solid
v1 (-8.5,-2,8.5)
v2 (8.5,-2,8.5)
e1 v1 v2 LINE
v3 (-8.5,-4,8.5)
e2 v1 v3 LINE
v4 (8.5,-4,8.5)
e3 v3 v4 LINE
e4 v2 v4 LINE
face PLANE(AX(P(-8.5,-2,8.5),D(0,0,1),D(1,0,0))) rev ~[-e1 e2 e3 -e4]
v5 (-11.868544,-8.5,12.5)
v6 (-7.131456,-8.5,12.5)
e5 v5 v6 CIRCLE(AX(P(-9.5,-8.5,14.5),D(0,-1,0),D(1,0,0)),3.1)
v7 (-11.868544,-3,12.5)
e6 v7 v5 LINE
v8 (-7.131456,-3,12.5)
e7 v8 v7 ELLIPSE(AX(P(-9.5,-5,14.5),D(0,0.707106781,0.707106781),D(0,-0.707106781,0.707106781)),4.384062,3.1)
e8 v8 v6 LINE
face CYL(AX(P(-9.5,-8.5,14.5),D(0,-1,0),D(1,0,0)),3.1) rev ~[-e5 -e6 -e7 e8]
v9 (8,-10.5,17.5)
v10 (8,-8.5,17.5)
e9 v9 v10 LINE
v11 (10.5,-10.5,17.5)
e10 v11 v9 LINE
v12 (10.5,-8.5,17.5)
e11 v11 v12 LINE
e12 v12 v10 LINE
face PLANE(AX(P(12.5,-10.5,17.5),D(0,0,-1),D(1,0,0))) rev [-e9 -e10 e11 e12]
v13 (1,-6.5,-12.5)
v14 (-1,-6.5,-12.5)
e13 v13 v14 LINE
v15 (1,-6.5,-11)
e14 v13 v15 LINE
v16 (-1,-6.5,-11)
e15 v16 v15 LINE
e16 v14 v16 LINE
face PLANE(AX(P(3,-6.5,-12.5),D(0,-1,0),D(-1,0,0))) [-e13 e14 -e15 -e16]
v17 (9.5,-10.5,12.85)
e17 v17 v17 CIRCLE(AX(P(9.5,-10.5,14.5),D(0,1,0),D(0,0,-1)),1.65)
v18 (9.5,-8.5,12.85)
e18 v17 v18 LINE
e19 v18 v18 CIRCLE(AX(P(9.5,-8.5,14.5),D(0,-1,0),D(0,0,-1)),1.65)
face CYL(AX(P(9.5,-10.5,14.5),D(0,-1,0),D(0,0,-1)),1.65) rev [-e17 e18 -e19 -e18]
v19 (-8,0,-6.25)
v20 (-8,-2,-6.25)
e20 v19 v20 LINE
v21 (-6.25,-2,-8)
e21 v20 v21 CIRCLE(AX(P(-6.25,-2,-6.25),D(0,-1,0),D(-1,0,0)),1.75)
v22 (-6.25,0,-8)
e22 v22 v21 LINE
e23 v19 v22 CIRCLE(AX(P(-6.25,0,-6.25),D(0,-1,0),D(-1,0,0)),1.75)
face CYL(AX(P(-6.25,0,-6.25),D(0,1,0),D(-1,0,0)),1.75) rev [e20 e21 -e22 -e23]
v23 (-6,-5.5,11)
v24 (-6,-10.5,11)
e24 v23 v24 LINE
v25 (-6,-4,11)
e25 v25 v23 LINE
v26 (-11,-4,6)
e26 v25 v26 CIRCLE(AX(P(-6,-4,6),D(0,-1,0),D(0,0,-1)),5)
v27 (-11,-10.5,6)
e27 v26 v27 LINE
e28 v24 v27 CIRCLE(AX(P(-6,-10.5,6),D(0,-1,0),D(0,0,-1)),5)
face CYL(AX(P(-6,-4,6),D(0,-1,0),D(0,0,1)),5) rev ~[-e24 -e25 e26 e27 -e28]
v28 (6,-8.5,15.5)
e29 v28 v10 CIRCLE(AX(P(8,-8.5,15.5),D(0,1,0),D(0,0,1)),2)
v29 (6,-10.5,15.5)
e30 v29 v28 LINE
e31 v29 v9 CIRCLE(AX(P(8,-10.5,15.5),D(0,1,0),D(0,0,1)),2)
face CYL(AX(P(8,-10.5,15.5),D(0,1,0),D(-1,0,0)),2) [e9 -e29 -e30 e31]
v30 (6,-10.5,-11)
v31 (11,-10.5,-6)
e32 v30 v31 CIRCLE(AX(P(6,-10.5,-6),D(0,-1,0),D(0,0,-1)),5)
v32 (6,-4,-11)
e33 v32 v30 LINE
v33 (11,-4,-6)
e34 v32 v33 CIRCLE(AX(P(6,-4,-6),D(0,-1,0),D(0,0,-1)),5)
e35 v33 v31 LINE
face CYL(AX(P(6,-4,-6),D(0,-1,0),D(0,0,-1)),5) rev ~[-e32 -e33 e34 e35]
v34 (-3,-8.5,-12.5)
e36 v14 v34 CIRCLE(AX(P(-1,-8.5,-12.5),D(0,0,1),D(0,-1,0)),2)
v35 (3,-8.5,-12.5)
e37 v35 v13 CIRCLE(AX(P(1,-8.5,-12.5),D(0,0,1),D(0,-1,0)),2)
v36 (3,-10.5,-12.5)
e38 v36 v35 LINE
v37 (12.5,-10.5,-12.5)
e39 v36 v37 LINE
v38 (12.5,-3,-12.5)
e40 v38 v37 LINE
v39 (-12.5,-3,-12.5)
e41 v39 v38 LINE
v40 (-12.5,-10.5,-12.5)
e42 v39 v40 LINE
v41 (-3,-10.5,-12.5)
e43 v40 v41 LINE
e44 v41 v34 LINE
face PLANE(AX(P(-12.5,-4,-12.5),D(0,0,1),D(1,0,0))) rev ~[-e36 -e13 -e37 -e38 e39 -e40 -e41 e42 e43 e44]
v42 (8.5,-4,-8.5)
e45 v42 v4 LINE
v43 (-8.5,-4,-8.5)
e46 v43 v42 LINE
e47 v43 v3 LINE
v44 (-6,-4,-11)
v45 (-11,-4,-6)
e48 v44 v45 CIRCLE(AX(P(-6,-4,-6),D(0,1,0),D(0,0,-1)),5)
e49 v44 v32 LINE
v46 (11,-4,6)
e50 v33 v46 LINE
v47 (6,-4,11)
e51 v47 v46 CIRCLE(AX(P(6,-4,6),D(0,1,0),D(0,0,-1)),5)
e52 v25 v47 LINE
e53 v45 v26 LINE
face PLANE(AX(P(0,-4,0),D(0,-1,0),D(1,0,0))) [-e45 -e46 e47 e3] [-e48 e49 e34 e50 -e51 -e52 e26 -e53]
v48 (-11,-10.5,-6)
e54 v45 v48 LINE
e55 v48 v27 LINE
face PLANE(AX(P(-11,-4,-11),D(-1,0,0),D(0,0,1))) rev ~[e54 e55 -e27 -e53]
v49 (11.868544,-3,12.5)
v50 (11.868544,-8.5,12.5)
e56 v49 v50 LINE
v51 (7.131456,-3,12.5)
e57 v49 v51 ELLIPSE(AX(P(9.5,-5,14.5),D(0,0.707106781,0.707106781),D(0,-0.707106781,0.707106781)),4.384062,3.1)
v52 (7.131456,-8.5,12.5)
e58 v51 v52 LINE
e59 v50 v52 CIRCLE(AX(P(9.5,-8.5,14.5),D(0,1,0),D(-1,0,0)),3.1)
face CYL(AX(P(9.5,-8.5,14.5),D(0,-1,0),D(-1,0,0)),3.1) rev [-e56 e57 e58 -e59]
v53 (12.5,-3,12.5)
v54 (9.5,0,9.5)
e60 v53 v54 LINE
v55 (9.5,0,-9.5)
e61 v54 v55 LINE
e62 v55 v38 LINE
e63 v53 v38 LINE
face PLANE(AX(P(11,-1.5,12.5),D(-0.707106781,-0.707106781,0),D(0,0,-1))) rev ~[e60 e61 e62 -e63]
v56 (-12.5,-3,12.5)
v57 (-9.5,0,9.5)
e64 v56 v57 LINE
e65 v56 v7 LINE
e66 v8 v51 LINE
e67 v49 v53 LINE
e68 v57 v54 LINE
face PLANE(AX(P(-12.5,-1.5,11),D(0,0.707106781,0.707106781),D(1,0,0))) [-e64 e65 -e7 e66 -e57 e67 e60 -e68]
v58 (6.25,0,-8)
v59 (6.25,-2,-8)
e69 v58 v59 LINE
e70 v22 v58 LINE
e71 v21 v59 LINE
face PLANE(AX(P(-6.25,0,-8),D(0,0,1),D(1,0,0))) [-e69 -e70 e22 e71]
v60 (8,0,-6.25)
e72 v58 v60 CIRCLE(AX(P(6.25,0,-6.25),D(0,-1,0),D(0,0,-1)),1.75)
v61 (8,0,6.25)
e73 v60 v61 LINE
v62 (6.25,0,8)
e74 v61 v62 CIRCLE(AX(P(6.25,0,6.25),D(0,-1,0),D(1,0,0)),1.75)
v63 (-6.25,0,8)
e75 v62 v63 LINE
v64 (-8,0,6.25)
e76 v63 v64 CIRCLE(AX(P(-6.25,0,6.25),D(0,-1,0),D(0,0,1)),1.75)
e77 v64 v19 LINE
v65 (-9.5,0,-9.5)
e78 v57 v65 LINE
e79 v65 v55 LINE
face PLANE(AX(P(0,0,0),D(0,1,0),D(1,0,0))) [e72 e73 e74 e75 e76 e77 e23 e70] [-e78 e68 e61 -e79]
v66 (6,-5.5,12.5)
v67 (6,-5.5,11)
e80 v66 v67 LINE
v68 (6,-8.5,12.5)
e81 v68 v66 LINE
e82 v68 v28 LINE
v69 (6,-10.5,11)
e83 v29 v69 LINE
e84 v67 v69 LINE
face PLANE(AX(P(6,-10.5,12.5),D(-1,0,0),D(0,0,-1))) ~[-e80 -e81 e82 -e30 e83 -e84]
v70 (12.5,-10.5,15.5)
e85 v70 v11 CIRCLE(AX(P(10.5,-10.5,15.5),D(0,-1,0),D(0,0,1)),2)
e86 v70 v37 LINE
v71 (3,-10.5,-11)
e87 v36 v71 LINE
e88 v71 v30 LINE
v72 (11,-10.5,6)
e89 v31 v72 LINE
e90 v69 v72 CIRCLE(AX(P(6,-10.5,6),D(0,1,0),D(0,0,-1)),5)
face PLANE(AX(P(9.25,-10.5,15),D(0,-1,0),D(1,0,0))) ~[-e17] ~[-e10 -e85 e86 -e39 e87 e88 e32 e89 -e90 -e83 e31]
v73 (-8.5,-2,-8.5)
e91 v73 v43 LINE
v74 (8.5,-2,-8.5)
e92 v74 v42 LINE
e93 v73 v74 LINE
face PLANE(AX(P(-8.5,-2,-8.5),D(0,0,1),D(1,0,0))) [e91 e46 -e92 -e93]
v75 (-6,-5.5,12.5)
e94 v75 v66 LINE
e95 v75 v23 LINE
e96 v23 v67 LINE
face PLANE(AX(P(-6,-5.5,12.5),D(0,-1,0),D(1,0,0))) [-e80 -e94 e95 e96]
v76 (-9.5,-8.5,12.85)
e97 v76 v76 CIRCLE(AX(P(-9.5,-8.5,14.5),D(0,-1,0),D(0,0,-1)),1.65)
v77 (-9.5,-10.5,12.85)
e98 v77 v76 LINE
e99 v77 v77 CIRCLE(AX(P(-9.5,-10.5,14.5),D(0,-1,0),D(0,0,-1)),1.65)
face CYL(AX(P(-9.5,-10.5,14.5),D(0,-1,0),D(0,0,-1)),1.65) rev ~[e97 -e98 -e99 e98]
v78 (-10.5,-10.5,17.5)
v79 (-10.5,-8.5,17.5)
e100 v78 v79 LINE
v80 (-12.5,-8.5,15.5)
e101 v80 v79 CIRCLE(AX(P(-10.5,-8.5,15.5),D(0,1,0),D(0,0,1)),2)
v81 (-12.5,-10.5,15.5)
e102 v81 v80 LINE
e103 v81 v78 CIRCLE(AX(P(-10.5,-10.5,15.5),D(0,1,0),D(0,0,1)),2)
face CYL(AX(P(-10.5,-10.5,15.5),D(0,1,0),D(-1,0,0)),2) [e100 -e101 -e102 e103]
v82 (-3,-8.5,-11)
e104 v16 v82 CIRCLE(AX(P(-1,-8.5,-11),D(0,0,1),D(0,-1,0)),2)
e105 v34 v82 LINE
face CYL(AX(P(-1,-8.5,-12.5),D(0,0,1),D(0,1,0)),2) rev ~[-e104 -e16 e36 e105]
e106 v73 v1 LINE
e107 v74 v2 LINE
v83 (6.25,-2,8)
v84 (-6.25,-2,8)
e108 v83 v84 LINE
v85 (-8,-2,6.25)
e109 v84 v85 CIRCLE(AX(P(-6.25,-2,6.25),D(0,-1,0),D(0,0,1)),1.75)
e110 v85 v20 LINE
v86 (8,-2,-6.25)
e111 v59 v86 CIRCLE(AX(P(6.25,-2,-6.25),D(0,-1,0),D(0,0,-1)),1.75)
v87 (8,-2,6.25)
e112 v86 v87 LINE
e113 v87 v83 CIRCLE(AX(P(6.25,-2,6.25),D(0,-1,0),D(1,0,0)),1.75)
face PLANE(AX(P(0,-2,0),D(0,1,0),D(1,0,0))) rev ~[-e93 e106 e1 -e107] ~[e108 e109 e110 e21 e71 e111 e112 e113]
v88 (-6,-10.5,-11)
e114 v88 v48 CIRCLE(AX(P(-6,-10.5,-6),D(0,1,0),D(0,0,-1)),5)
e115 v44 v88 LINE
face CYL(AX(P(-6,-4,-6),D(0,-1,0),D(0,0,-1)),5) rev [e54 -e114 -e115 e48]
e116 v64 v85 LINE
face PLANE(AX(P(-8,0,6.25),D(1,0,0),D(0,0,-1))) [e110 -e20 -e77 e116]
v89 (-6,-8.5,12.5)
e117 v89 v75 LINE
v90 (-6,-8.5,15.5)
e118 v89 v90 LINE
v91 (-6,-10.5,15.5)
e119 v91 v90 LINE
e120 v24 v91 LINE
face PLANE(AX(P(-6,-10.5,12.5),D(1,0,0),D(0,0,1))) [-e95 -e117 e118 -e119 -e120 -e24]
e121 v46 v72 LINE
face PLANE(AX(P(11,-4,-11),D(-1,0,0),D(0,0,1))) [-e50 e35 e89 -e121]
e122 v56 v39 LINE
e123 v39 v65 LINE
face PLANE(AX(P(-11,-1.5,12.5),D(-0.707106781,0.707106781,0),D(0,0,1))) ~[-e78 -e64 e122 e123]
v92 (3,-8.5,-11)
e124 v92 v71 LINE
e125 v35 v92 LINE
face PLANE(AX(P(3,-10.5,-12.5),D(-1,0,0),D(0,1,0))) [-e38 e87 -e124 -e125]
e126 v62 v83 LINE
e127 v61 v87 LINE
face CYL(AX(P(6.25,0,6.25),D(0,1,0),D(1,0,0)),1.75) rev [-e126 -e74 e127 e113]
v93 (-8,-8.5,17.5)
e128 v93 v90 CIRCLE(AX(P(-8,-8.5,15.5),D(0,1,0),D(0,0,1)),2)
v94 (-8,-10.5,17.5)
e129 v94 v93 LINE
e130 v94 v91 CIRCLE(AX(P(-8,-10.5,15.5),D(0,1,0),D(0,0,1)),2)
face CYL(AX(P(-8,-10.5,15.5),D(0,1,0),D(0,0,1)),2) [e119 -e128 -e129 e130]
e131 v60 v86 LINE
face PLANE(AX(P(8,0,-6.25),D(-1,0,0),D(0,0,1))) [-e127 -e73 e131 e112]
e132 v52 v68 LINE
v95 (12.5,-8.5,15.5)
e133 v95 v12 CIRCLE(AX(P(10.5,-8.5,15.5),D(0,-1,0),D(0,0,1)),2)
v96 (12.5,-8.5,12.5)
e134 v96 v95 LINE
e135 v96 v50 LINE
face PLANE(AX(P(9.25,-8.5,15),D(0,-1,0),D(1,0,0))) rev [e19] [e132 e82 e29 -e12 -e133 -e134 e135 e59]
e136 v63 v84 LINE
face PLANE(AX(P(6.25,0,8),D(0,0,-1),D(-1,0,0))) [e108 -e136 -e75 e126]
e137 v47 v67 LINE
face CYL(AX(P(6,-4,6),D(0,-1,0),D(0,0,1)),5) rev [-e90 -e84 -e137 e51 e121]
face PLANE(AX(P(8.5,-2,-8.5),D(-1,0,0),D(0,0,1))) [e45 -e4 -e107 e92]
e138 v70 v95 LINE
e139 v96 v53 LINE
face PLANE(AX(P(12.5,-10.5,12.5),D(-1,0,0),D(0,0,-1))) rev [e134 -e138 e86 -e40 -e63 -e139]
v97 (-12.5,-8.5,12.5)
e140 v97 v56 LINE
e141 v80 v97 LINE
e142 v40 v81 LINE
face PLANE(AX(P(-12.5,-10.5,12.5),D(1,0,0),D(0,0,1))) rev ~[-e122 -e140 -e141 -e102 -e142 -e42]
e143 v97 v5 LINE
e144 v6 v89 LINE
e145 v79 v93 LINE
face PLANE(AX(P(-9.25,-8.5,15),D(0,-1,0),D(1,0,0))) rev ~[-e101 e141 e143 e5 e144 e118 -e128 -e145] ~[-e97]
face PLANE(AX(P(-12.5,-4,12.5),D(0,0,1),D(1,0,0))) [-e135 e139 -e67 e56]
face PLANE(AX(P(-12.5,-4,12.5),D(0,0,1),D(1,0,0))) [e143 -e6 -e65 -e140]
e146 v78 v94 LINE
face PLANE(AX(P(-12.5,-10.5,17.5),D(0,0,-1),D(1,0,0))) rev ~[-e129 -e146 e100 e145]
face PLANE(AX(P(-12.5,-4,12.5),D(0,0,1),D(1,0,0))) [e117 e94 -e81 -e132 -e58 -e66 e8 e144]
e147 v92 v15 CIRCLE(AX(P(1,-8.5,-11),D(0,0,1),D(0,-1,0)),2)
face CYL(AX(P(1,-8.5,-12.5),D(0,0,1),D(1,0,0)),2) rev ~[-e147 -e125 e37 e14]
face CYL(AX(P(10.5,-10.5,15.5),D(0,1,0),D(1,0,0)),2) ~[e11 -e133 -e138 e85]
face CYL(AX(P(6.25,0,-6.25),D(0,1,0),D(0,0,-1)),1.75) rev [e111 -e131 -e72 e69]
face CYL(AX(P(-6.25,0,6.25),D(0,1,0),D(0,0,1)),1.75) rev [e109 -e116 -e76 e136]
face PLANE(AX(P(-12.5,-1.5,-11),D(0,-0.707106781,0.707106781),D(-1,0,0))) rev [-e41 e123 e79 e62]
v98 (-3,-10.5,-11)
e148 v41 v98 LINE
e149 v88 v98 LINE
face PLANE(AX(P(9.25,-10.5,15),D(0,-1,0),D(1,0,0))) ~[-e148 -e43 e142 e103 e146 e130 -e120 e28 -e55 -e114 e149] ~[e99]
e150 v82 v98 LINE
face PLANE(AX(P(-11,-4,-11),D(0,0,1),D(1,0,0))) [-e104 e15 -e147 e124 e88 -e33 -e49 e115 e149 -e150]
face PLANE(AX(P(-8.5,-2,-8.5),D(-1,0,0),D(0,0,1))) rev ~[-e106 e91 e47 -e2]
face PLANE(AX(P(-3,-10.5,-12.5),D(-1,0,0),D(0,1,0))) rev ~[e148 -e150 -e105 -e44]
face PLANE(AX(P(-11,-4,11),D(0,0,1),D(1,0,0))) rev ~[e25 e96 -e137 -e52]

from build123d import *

# Parameters (mm, degrees)
SZKIC1_W                    = 25
SZKIC1_H                    = 25
DODANIE_WYCI_GNI_CIE1_DEPTH = 2
SZKIC2_W                    = 25
SZKIC2_H                    = 25
SZKIC2_W_2                  = 17
SZKIC2_H_2                  = 17
DODANIE_WYCI_GNI_CIE2_DEPTH = 2
SZKIC3_W                    = 25
SZKIC3_H                    = 25
SZKIC3_W_2                  = 22
SZKIC3_H_2                  = 22
DODANIE_WYCI_GNI_CIE3_DEPTH = 6.5
SZKIC4_W                    = 12
SZKIC4_H                    = 5
WYTNIJ_WYCI_GNI_CIE1_DEPTH  = 1.5
SFAZOWANIE1_SIZE            = 3
SZKIC5_W                    = 6.5
SZKIC5_H                    = 5
DODANIE_WYCI_GNI_CIE4_DEPTH = 2
SZKIC8_R                    = 1.65
WYTNIJ_WYCI_GNI_CIE3_DEPTH  = 24.932195888
ZAOKR_GLENIE1_R             = 2
WYTNIJ_WYCI_GNI_CIE4_START  = -2
SZKIC9_R                    = 3.1
WYTNIJ_WYCI_GNI_CIE4_DEPTH  = 22.932195888
ZAOKR_GLENIE1_OF_LUSTRO1_R  = 2
SZKIC6_W                    = 6
SZKIC6_H                    = 4
WYTNIJ_WYCI_GNI_CIE2_DEPTH  = 10
ZAOKR_GLENIE4_R             = 2
ZAOKR_GLENIE5_R             = 5


with BuildPart() as part:
    # Szkic1 → Dodanie-wyciągnięcie1 (new body)
    with BuildSketch(Plane(origin=(0, 0, 0), x_dir=(1, 0, 0), z_dir=(0, 1, 0))):
        Rectangle(SZKIC1_W, SZKIC1_H)
        with BuildLine():
            Line((-6.25, 8), (6.25, 8))
            ThreePointArc((6.25, 8), (7.487436867, 7.487436867), (8, 6.25))
            Line((8, 6.25), (8, -6.25))
            ThreePointArc((8, -6.25), (7.487436867, -7.487436867), (6.25, -8))
            Line((6.25, -8), (-6.25, -8))
            ThreePointArc((-6.25, -8), (-7.487436867, -7.487436867), (-8, -6.25))
            Line((-8, -6.25), (-8, 6.25))
            ThreePointArc((-8, 6.25), (-7.487436867, 7.487436867), (-6.25, 8))
        make_face(mode=Mode.SUBTRACT)
    extrude(amount=-DODANIE_WYCI_GNI_CIE1_DEPTH)

    # Szkic2 → Dodanie-wyciągnięcie2 (add)
    with BuildSketch(Plane.XZ.offset(2)):
        Rectangle(SZKIC2_W, SZKIC2_H)
        Rectangle(SZKIC2_W_2, SZKIC2_H_2, mode=Mode.SUBTRACT)
    extrude(amount=DODANIE_WYCI_GNI_CIE2_DEPTH)

    # Szkic3 → Dodanie-wyciągnięcie3 (add)
    with BuildSketch(Plane.XZ.offset(4)):
        Rectangle(SZKIC3_W, SZKIC3_H)
        Rectangle(SZKIC3_W_2, SZKIC3_H_2, mode=Mode.SUBTRACT)
    extrude(amount=DODANIE_WYCI_GNI_CIE3_DEPTH)

    # Szkic4 → Wytnij-wyciągnięcie1 (cut)
    with BuildSketch(Plane.XY.offset(12.5)):
        with Locations((0, -8)):
            Rectangle(SZKIC4_W, SZKIC4_H)
    extrude(amount=-WYTNIJ_WYCI_GNI_CIE1_DEPTH, mode=Mode.SUBTRACT)

    # Sfazowanie1
    sfazowanie1_edges = [part.edges().sort_by_distance(p)[0] for p in [
        (0, 0, 12.5),
        (-12.5, 0, 0),
        (0, 0, -12.5),
        (12.5, 0, 0),
    ]]
    chamfer(sfazowanie1_edges, length=SFAZOWANIE1_SIZE)

    # Szkic5 → Dodanie-wyciągnięcie4 (add)
    with BuildSketch(Plane.XZ.offset(10.5)):
        with Locations((-9.25, 15)):
            Rectangle(SZKIC5_W, SZKIC5_H)
    dodanie_wyci_gni_cie4 = extrude(amount=-DODANIE_WYCI_GNI_CIE4_DEPTH)

    # Szkic8 → Wytnij-wyciągnięcie3 (cut, through all)
    with BuildSketch(Plane.XZ.offset(10.5)):
        with Locations(Location((-9.5, 14.5, 0), (0, 0, 270))):
            Circle(SZKIC8_R)
    wytnij_wyci_gni_cie3 = extrude(amount=-WYTNIJ_WYCI_GNI_CIE3_DEPTH, mode=Mode.SUBTRACT)

    # Zaokrąglenie1
    zaokr_glenie1_edges = [part.edges().sort_by_distance(p)[0] for p in [
        (-12.5, -9.5, 17.5),
        (-6, -9.5, 17.5),
    ]]
    fillet(zaokr_glenie1_edges, radius=ZAOKR_GLENIE1_R)

    # Szkic9 → Wytnij-wyciągnięcie4 (cut, through all)
    with BuildSketch(Plane.XZ.offset(10.5).offset(WYTNIJ_WYCI_GNI_CIE4_START)):
        with Locations((-9.5, 14.5)):
            Circle(SZKIC9_R)
    wytnij_wyci_gni_cie4 = extrude(amount=-WYTNIJ_WYCI_GNI_CIE4_DEPTH, mode=Mode.SUBTRACT)

    # Lustro1: Dodanie-wyciągnięcie4, Wytnij-wyciągnięcie3, Wytnij-wyciągnięcie4 across plane
    add(dodanie_wyci_gni_cie4.mirror(Plane(origin=(0, 0, 0), x_dir=(0, 0, 1), z_dir=(1, 0, 0))))
    add(wytnij_wyci_gni_cie3.mirror(Plane(origin=(0, 0, 0), x_dir=(0, 0, 1), z_dir=(1, 0, 0))), mode=Mode.SUBTRACT)
    add(wytnij_wyci_gni_cie4.mirror(Plane(origin=(0, 0, 0), x_dir=(0, 0, 1), z_dir=(1, 0, 0))), mode=Mode.SUBTRACT)

    # Zaokrąglenie1 of Lustro1
    zaokr_glenie1_of_lustro1_edges = [part.edges().sort_by_distance(p)[0] for p in [
        (12.5, -9.5, 17.5),
        (6, -9.5, 17.5),
    ]]
    fillet(zaokr_glenie1_of_lustro1_edges, radius=ZAOKR_GLENIE1_OF_LUSTRO1_R)

    # Szkic6 → Wytnij-wyciągnięcie2 (cut)
    with BuildSketch(Plane(origin=(0, 0, -12.5), x_dir=(-1, 0, 0), z_dir=(0, 0, -1))):
        with Locations((0, -8.5)):
            Rectangle(SZKIC6_W, SZKIC6_H)
    extrude(amount=-WYTNIJ_WYCI_GNI_CIE2_DEPTH, mode=Mode.SUBTRACT)

    # Zaokrąglenie4
    zaokr_glenie4_edges = [part.edges().sort_by_distance(p)[0] for p in [
        (3, -6.5, -11.75),
        (-3, -6.5, -11.75),
    ]]
    fillet(zaokr_glenie4_edges, radius=ZAOKR_GLENIE4_R)

    # Zaokrąglenie5
    zaokr_glenie5_edges = [part.edges().sort_by_distance(p)[0] for p in [
        (11, -7.25, -11),
        (-11, -7.25, -11),
        (-11, -7.25, 11),
        (11, -7.25, 11),
    ]]
    fillet(zaokr_glenie5_edges, radius=ZAOKR_GLENIE5_R)


solid = part.part
